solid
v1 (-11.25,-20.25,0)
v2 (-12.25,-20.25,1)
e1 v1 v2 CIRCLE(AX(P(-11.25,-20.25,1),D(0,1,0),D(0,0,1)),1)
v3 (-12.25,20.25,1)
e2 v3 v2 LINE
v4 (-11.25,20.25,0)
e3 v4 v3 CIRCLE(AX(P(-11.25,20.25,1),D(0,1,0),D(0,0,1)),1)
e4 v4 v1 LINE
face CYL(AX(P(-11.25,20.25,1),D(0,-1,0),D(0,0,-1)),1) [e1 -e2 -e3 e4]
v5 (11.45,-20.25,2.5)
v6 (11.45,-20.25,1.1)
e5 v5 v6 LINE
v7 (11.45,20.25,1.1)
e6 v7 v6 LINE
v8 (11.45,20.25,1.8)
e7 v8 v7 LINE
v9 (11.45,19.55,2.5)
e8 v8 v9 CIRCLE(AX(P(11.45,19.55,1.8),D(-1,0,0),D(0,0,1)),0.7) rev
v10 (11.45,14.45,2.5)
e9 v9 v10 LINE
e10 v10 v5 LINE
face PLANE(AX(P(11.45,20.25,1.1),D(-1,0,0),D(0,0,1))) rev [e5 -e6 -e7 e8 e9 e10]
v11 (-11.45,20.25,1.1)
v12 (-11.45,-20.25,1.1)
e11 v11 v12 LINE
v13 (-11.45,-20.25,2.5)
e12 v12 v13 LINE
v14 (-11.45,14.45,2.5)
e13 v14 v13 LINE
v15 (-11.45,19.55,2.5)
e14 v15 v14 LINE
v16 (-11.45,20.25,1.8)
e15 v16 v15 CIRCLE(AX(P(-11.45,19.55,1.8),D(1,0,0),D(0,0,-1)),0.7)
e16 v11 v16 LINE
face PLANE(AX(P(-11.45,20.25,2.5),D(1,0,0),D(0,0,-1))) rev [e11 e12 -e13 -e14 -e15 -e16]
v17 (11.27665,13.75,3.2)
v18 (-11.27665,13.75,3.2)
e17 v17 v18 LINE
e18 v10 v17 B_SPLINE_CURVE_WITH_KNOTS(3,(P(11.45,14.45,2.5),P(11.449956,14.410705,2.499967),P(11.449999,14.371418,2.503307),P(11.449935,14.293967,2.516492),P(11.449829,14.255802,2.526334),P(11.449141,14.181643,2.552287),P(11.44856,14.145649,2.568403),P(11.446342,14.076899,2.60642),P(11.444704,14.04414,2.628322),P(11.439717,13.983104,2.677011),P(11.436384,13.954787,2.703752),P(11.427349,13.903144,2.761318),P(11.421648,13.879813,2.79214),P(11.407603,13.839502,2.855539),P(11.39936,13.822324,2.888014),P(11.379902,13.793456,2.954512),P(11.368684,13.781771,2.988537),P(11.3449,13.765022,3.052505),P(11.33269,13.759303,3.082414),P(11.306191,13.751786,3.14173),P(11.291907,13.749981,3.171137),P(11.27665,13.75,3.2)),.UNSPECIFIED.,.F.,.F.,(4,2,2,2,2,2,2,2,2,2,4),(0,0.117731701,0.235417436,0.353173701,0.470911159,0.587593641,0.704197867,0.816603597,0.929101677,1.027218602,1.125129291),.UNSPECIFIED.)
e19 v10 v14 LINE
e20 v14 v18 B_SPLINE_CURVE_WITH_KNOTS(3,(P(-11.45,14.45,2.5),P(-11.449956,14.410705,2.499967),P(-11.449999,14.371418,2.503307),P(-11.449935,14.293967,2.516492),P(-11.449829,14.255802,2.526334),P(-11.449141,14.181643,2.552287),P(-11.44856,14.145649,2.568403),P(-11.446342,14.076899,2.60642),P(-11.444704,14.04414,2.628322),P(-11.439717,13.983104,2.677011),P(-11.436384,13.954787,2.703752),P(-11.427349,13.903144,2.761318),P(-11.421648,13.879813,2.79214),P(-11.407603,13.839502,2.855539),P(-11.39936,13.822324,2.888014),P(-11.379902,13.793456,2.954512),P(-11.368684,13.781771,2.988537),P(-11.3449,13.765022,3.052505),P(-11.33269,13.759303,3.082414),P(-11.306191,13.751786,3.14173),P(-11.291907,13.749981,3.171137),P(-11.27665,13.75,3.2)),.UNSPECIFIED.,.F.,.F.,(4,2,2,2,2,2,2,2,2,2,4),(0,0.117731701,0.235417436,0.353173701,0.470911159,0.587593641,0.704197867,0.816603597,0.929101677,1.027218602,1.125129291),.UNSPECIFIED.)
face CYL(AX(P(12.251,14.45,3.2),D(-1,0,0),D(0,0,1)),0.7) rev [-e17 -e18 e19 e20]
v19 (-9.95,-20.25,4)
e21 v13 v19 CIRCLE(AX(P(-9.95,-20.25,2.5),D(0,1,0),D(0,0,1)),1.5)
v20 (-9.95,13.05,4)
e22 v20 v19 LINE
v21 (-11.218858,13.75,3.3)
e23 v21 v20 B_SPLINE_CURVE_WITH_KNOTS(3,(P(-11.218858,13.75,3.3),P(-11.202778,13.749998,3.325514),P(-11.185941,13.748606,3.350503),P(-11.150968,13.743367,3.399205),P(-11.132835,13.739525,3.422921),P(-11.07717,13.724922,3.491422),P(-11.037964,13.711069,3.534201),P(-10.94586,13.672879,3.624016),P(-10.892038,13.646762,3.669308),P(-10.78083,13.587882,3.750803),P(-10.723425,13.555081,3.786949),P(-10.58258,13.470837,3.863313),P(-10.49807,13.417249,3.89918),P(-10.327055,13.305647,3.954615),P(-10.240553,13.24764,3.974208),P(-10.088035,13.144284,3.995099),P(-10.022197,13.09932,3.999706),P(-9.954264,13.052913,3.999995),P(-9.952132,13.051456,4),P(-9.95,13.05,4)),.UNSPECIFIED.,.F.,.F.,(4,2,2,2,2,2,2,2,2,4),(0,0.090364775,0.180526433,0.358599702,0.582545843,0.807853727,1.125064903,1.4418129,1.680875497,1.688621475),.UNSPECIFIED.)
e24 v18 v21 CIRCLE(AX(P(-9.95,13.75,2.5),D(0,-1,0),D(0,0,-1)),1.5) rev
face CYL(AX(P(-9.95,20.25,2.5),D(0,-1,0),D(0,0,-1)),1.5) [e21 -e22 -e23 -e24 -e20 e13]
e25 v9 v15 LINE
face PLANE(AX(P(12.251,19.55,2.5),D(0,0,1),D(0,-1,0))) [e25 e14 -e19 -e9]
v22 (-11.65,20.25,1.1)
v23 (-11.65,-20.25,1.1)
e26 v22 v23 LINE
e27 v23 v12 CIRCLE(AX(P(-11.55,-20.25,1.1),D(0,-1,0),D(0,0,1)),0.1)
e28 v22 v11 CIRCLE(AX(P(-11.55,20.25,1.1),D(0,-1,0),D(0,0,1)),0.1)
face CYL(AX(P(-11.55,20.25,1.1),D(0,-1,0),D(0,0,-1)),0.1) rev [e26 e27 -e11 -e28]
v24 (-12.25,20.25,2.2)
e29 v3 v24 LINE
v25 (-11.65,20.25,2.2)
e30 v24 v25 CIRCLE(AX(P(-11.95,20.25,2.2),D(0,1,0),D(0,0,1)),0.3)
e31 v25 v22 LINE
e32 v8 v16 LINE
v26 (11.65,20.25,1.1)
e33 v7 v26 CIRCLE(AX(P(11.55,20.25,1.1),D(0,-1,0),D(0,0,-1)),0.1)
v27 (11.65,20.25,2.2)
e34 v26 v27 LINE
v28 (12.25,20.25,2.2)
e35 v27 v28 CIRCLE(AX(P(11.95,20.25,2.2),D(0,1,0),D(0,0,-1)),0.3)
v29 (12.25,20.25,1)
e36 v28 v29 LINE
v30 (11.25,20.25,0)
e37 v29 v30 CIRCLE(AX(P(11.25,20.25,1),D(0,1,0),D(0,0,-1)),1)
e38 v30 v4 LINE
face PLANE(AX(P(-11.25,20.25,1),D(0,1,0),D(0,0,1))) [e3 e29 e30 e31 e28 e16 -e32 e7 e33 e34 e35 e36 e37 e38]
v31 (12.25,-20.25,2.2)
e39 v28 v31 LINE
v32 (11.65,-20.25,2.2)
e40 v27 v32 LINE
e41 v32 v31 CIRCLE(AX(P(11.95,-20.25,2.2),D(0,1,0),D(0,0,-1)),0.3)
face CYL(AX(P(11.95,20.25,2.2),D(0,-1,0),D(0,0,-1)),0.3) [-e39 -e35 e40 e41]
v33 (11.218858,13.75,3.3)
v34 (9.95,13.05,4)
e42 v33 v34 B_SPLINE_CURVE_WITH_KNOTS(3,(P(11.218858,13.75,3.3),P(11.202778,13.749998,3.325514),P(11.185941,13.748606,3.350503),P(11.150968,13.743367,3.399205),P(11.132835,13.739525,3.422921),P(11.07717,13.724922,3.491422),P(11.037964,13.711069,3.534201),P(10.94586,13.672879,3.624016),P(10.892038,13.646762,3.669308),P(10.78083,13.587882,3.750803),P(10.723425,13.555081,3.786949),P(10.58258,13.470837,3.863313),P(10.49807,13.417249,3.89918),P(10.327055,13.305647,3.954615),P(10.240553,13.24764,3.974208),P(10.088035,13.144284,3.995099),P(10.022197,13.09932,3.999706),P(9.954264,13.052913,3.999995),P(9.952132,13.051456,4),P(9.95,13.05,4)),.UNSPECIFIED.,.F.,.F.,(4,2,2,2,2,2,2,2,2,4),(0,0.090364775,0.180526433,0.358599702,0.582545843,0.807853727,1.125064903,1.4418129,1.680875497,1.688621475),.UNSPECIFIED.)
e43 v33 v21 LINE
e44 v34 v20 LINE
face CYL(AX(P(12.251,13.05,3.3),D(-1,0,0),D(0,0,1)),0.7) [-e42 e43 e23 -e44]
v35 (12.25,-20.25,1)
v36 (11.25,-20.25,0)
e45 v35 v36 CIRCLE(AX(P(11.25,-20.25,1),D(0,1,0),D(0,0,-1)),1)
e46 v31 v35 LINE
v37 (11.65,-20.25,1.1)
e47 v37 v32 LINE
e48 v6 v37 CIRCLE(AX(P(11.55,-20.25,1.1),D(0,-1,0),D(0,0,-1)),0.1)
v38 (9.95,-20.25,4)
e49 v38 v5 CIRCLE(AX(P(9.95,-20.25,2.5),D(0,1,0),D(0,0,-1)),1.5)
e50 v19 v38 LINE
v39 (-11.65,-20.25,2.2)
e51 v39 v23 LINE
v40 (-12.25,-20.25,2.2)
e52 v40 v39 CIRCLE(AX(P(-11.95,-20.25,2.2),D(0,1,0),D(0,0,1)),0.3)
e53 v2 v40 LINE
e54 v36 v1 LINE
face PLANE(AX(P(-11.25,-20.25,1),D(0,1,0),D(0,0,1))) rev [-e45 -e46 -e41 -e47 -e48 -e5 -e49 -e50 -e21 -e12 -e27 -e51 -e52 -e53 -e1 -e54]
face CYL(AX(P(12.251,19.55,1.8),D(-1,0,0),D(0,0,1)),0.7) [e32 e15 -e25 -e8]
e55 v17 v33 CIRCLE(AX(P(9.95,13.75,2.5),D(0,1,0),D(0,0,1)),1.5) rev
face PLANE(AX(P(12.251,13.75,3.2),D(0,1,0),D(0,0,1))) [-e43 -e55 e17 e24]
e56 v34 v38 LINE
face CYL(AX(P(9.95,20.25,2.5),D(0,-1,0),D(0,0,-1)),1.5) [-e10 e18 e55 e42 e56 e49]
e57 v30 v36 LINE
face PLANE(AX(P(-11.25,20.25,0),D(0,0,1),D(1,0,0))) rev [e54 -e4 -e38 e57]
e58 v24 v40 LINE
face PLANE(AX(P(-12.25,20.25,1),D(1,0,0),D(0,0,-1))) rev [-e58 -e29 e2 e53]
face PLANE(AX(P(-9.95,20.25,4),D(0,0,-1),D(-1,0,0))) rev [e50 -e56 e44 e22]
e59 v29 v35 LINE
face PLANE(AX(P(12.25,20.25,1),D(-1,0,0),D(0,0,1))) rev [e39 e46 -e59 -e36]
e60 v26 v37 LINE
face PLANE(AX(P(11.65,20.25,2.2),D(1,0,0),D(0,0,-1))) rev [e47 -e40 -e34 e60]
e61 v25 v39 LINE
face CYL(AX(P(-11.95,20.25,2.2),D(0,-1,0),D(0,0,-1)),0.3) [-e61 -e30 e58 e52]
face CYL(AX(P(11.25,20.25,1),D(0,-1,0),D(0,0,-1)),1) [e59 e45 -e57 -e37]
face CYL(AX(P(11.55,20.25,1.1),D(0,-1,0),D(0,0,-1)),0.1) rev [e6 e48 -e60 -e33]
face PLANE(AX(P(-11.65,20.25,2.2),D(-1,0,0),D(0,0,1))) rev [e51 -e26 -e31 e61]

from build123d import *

# Parameters (mm, degrees)
EXTRUDE_1_DEPTH                 = 20.25
CUT_EXTRUDE_1_REACH             = 26.003
CUT_EXTRUDE_1_DIRECTION_2_REACH = 26.003


with BuildPart() as part:
    # Эскиз1 → Бобышка-Вытянуть1 (new, symmetric)
    with BuildSketch(Plane(origin=(0, 0, 0), x_dir=(1, 0, 0), z_dir=(0, 1, 0))):
        with BuildLine():
            Line((-11.25, 0), (11.25, 0))
            ThreePointArc((11.25, 0), (11.957106781, -0.292893219), (12.25, -1))
            Line((12.25, -1), (12.25, -2.2))
            ThreePointArc((12.25, -2.2), (11.95, -2.5), (11.65, -2.2))
            Line((11.65, -2.2), (11.65, -1.1))
            ThreePointArc((11.65, -1.1), (11.55, -1), (11.45, -1.1))
            Line((11.45, -1.1), (11.45, -2.5))
            ThreePointArc((11.45, -2.5), (11.010660172, -3.560660172), (9.95, -4))
            Line((9.95, -4), (-9.95, -4))
            ThreePointArc((-9.95, -4), (-11.010660172, -3.560660172), (-11.45, -2.5))
            Line((-11.45, -2.5), (-11.45, -1.1))
            ThreePointArc((-11.45, -1.1), (-11.55, -1), (-11.65, -1.1))
            Line((-11.65, -1.1), (-11.65, -2.2))
            ThreePointArc((-11.65, -2.2), (-11.95, -2.5), (-12.25, -2.2))
            Line((-12.25, -2.2), (-12.25, -1))
            ThreePointArc((-12.25, -1), (-11.957106781, -0.292893219), (-11.25, 0))
        make_face()
    extrude(amount=EXTRUDE_1_DEPTH, both=True)

    # Эскиз2 → Вырез-Вытянуть1 (cut, up to next)
    with BuildSketch(Plane(origin=(0, 0, 0), x_dir=(0, 0, -1), z_dir=(1, 0, 0)), mode=Mode.PRIVATE) as cut_extrude_1_sk1:
        with BuildLine():
            Line((-2.5, 19.55), (-2.5, 14.45))
            ThreePointArc((-2.5, 14.45), (-2.705025253, 13.955025253), (-3.2, 13.75))
            Line((-3.2, 13.75), (-3.3, 13.75))
            ThreePointArc((-3.3, 13.75), (-3.794974747, 13.544974747), (-4, 13.05))
            Line((-4, 13.05), (-4, 20.25))
            Line((-4, 20.25), (-1.8, 20.25))
            ThreePointArc((-1.8, 20.25), (-2.294974747, 20.044974747), (-2.5, 19.55))
        make_face()
    cut_extrude_1_tool1 = extrude(cut_extrude_1_sk1.sketch, amount=-CUT_EXTRUDE_1_REACH, mode=Mode.PRIVATE) & part.part
    add(cut_extrude_1_tool1.solids().sort_by_distance((0, 17.029673, 3.252998))[0], mode=Mode.SUBTRACT)

    # Эскиз2 → Вырез-Вытянуть1 direction 2 (cut, up to next)
    with BuildSketch(Plane(origin=(0, 0, 0), x_dir=(0, 0, -1), z_dir=(1, 0, 0)), mode=Mode.PRIVATE) as cut_extrude_1_direction_2_sk1:
        with BuildLine():
            Line((-2.5, 19.55), (-2.5, 14.45))
            ThreePointArc((-2.5, 14.45), (-2.705025253, 13.955025253), (-3.2, 13.75))
            Line((-3.2, 13.75), (-3.3, 13.75))
            ThreePointArc((-3.3, 13.75), (-3.794974747, 13.544974747), (-4, 13.05))
            Line((-4, 13.05), (-4, 20.25))
            Line((-4, 20.25), (-1.8, 20.25))
            ThreePointArc((-1.8, 20.25), (-2.294974747, 20.044974747), (-2.5, 19.55))
        make_face()
    cut_extrude_1_direction_2_tool1 = extrude(cut_extrude_1_direction_2_sk1.sketch, amount=CUT_EXTRUDE_1_DIRECTION_2_REACH, mode=Mode.PRIVATE) & part.part
    add(cut_extrude_1_direction_2_tool1.solids().sort_by_distance((0, 17.029673, 3.252998))[0], mode=Mode.SUBTRACT)


solid = part.part
